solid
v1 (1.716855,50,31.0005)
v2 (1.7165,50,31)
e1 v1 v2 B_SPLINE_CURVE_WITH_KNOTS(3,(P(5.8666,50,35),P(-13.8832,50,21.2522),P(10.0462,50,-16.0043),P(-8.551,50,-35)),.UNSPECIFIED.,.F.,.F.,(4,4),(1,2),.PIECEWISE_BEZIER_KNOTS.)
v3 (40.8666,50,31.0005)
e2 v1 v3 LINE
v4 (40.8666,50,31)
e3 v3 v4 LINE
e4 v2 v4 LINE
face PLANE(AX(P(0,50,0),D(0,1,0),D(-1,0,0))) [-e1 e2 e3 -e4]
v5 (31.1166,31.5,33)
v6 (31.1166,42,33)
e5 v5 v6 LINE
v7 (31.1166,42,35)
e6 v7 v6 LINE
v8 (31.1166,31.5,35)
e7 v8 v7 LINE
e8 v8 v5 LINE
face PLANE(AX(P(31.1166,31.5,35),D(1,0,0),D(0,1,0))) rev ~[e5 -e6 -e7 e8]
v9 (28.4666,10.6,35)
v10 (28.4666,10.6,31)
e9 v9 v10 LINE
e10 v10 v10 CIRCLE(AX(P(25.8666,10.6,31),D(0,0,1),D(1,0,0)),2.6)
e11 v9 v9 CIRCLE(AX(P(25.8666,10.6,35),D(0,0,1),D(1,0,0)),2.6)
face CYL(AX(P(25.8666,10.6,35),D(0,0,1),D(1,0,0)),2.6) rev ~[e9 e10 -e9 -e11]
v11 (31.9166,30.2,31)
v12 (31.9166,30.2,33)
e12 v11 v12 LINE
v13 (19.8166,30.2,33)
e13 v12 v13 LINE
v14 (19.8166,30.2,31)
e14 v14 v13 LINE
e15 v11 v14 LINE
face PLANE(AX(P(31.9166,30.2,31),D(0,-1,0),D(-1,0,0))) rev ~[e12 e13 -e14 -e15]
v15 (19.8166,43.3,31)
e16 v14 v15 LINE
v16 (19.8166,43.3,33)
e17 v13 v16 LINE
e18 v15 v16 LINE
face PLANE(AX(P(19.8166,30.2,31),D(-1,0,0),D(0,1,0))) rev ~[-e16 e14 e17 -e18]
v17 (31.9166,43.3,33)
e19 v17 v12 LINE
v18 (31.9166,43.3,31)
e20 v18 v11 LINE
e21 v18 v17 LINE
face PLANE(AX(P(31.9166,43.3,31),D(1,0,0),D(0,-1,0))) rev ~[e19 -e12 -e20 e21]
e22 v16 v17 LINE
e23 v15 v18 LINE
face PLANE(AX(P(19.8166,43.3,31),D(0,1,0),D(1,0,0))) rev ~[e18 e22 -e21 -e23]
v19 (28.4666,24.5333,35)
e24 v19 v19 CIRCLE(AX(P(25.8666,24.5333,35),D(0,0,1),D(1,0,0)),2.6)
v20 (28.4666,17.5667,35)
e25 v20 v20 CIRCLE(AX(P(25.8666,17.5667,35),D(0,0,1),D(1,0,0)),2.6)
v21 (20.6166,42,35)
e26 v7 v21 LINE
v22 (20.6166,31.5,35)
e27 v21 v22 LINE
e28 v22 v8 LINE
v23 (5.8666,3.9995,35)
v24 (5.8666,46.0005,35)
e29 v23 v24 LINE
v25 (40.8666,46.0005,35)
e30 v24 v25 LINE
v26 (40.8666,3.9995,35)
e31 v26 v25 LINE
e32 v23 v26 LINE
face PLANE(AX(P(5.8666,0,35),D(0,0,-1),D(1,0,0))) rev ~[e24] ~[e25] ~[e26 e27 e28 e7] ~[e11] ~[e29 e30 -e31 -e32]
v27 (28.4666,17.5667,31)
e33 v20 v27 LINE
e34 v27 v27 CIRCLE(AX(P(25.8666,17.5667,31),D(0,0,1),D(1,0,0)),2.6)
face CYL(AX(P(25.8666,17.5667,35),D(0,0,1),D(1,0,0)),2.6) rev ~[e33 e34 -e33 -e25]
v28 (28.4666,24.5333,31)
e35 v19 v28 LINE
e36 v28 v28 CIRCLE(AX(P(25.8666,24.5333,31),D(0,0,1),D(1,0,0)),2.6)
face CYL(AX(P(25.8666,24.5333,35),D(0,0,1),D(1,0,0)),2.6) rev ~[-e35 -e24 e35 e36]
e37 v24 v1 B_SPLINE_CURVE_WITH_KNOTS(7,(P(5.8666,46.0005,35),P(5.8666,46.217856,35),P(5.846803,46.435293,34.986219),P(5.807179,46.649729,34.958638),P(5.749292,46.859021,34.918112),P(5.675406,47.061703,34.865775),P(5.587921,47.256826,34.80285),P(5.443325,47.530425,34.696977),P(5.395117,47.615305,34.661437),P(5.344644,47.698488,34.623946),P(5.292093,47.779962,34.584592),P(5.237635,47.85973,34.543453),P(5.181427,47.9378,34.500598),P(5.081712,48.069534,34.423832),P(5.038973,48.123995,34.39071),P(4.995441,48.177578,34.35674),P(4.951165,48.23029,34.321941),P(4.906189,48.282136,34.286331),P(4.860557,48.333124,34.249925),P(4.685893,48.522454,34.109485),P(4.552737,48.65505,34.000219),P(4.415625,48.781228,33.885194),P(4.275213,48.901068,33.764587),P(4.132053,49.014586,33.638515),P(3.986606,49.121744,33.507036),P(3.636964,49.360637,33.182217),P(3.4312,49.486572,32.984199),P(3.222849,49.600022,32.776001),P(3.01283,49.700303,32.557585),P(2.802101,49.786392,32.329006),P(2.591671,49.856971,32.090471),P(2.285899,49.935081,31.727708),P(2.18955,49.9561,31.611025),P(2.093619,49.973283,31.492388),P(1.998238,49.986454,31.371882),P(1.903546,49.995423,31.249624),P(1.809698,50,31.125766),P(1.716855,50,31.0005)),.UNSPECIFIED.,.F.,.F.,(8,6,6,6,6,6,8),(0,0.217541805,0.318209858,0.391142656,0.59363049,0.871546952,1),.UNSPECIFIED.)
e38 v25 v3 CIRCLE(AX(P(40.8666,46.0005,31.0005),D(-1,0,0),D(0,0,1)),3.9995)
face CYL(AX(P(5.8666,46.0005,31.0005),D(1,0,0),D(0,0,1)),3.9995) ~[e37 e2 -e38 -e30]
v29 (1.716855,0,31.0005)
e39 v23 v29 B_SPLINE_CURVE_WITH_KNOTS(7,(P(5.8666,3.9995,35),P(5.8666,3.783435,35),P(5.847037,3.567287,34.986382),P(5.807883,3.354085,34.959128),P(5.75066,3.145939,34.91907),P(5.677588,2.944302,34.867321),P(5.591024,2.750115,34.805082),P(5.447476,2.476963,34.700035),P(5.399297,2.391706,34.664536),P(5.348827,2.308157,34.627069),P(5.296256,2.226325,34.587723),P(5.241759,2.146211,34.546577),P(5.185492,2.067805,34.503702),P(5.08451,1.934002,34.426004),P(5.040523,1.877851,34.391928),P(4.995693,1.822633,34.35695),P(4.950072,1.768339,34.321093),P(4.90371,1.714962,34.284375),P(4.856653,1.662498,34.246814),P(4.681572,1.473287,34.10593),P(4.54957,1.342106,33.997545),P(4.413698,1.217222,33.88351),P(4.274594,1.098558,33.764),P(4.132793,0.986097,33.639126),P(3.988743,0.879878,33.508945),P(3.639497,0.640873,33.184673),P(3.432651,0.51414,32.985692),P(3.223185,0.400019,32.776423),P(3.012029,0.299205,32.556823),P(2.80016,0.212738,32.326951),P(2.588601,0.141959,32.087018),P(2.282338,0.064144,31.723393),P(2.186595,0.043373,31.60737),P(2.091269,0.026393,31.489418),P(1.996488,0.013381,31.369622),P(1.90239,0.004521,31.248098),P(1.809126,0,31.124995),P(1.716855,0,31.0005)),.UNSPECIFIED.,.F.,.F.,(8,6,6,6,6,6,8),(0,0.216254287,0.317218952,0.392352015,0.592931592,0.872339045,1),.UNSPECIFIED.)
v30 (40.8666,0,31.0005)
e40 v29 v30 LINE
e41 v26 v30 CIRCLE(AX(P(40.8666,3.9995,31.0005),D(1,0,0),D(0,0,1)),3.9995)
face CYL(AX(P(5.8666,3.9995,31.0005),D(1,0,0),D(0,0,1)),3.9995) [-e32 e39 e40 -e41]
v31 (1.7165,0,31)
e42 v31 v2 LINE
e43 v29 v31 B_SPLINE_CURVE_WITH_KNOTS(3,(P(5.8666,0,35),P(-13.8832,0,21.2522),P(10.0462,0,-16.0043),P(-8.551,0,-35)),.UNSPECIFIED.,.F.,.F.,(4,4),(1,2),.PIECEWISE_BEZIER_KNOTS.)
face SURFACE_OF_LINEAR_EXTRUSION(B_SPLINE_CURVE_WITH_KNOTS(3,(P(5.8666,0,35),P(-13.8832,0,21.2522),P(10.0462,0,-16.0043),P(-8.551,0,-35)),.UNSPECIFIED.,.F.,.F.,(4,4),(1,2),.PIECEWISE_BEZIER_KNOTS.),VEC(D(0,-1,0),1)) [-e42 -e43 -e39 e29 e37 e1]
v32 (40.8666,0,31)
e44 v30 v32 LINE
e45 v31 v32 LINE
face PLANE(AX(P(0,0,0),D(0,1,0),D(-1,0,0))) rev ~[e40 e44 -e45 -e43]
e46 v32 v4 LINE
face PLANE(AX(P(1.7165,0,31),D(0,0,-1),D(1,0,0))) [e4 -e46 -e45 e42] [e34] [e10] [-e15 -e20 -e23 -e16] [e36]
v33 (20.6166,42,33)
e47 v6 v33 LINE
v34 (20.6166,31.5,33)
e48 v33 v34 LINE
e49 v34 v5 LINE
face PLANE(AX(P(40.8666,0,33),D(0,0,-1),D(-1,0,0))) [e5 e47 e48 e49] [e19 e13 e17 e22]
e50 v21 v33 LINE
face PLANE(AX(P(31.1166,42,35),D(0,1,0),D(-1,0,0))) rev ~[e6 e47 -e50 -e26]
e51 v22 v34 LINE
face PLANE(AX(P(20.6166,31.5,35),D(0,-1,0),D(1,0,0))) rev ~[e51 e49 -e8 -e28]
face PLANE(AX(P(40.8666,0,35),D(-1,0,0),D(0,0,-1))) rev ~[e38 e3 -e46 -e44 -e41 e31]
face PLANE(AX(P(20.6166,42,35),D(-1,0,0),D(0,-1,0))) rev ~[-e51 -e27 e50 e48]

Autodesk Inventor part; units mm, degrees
ref_plane "YZ Plane" through (0, 0, 0) normal (1, 0, 0) x (0, 1, 0)
ref_plane "XZ Plane" through (0, 0, 0) normal (0, 1, 0) x (-1, 0, 0)
ref_plane "XY Plane" through (0, 0, 0) normal (0, 0, 1) x (1, 0, 0)
sketch "Sketch1" plane through (0, 0, 0) normal (0, 1, 0) x (-1, 0, 0)
  line L0 (0, 65.172) -> (0, -65.172) construction
  line L1 (43.74, 0) -> (-43.74, 0) construction
  spline S0 degree 3 poles (-5.8666, 35) (13.8832, 21.2522) (-10.0462, -16.0043) (8.551, -35) knots 1 1 1 1 2 2 2 2
  line L2 (-5.8666, 35) -> (13.8832, 21.2522) construction
  line L3 (13.8832, 21.2522) -> (-10.0462, -16.0043) construction
  line L4 (-10.0462, -16.0043) -> (8.551, -35) construction
  line L5 (-5.8666, 35) -> (-40.8666, 35)
  line L6 (-1.7165, 31) -> (-40.8666, 31)
  line L7 (-40.8666, 35) -> (-40.8666, 31)
  point P0 (0, 0)
  point P1 (0, 0)
  point P2 (0, 0)
  point P3 (0, 0)
  dimension "d0" = 35
  dimension "d1" = 4
extrude "Extrusion1" add sketch "Sketch1" along normal blind 50
fillet "Fillet1" radius 4 2 edges at (23.3666, 50, 35) (23.3666, 0, 35)
sketch "Sketch2" plane through (5.8666, 4, 35) normal (0, 0, 1) x (1, 0, 0)
  circle A0 centre (20, 6.6) radius 2.6
  circle A1 centre (20, 13.5667) radius 2.6
  circle A2 centre (20, 20.5333) radius 2.6
  line L0 (14.75, 27.5) -> (25.25, 27.5)
  line L1 (25.25, 27.5) -> (25.25, 38)
  line L2 (25.25, 38) -> (14.75, 38)
  line L3 (14.75, 38) -> (14.75, 27.5)
  line L4 (35, 0) -> (35, 42) projected
  line L5 (35, 0) -> (0, 0) projected
  line L6 (0, 42) -> (35, 42) projected
  point P0 (-5.8666, -4)
  dimension "d5" = 5.2
  dimension "d6" = 5.2
  dimension "d7" = 5.2
  dimension "d8" = 10.5
  dimension "d9" = 10.5
  dimension "d10" = 15
  dimension "d11" = 15
  dimension "d12" = 15
  dimension "d13" = 6.6
  dimension "d14" = 4
  dimension "d15" = 6.9667
  dimension "d16" = 6.9667
  dimension "d17" = 6.9667
  dimension "d18" = 20.25
extrude "Extrusion2" cut sketch "Sketch2" against normal blind 70
sketch "Sketch3" plane through (40.8666, 0, 31) normal (0, 0, -1) x (-1, 0, 0)
  line L0 (20.25, 31.5) -> (9.75, 31.5) projected
  line L1 (20.25, 42) -> (20.25, 31.5) projected
  line L2 (9.75, 31.5) -> (9.75, 42) projected
  line L3 (9.75, 42) -> (20.25, 42) projected
  line L4 (21.05, 43.3) -> (8.95, 43.3)
  line L5 (8.95, 43.3) -> (8.95, 30.2)
  line L6 (8.95, 30.2) -> (21.05, 30.2)
  line L7 (21.05, 30.2) -> (21.05, 43.3)
  line L8 (4.9766, 36.75) -> (25.0234, 36.75) construction
  line L9 (15, 47.4174) -> (15, 24.5333) construction
  circle A0 centre (15, 24.5333) radius 2.6 construction
  point P0 (40.8666, 0)
  point P1 (15, 36.75)
  dimension "d21" = 13.1
  dimension "d22" = 12.1
  dimension "d25" = 5.25
  dimension "d28" = 10.5
extrude "Extrusion3" cut sketch "Sketch3" against normal blind 2
equation "\"d6\" = d5"
equation "\"d7\" = d6"
equation "\"d9\" = d8"
equation "\"d11\" = d10"
equation "\"d12\" = d11"
equation "\"d13\" = d14 + 0.5 * d5"
equation "\"d15\" = d16"
equation "\"d16\" = d17"
equation "\"d18\" = d12 + 0.5 * d9"
equation "\"d25\" = 0.5 * d28"
properties part number "Case Front"
